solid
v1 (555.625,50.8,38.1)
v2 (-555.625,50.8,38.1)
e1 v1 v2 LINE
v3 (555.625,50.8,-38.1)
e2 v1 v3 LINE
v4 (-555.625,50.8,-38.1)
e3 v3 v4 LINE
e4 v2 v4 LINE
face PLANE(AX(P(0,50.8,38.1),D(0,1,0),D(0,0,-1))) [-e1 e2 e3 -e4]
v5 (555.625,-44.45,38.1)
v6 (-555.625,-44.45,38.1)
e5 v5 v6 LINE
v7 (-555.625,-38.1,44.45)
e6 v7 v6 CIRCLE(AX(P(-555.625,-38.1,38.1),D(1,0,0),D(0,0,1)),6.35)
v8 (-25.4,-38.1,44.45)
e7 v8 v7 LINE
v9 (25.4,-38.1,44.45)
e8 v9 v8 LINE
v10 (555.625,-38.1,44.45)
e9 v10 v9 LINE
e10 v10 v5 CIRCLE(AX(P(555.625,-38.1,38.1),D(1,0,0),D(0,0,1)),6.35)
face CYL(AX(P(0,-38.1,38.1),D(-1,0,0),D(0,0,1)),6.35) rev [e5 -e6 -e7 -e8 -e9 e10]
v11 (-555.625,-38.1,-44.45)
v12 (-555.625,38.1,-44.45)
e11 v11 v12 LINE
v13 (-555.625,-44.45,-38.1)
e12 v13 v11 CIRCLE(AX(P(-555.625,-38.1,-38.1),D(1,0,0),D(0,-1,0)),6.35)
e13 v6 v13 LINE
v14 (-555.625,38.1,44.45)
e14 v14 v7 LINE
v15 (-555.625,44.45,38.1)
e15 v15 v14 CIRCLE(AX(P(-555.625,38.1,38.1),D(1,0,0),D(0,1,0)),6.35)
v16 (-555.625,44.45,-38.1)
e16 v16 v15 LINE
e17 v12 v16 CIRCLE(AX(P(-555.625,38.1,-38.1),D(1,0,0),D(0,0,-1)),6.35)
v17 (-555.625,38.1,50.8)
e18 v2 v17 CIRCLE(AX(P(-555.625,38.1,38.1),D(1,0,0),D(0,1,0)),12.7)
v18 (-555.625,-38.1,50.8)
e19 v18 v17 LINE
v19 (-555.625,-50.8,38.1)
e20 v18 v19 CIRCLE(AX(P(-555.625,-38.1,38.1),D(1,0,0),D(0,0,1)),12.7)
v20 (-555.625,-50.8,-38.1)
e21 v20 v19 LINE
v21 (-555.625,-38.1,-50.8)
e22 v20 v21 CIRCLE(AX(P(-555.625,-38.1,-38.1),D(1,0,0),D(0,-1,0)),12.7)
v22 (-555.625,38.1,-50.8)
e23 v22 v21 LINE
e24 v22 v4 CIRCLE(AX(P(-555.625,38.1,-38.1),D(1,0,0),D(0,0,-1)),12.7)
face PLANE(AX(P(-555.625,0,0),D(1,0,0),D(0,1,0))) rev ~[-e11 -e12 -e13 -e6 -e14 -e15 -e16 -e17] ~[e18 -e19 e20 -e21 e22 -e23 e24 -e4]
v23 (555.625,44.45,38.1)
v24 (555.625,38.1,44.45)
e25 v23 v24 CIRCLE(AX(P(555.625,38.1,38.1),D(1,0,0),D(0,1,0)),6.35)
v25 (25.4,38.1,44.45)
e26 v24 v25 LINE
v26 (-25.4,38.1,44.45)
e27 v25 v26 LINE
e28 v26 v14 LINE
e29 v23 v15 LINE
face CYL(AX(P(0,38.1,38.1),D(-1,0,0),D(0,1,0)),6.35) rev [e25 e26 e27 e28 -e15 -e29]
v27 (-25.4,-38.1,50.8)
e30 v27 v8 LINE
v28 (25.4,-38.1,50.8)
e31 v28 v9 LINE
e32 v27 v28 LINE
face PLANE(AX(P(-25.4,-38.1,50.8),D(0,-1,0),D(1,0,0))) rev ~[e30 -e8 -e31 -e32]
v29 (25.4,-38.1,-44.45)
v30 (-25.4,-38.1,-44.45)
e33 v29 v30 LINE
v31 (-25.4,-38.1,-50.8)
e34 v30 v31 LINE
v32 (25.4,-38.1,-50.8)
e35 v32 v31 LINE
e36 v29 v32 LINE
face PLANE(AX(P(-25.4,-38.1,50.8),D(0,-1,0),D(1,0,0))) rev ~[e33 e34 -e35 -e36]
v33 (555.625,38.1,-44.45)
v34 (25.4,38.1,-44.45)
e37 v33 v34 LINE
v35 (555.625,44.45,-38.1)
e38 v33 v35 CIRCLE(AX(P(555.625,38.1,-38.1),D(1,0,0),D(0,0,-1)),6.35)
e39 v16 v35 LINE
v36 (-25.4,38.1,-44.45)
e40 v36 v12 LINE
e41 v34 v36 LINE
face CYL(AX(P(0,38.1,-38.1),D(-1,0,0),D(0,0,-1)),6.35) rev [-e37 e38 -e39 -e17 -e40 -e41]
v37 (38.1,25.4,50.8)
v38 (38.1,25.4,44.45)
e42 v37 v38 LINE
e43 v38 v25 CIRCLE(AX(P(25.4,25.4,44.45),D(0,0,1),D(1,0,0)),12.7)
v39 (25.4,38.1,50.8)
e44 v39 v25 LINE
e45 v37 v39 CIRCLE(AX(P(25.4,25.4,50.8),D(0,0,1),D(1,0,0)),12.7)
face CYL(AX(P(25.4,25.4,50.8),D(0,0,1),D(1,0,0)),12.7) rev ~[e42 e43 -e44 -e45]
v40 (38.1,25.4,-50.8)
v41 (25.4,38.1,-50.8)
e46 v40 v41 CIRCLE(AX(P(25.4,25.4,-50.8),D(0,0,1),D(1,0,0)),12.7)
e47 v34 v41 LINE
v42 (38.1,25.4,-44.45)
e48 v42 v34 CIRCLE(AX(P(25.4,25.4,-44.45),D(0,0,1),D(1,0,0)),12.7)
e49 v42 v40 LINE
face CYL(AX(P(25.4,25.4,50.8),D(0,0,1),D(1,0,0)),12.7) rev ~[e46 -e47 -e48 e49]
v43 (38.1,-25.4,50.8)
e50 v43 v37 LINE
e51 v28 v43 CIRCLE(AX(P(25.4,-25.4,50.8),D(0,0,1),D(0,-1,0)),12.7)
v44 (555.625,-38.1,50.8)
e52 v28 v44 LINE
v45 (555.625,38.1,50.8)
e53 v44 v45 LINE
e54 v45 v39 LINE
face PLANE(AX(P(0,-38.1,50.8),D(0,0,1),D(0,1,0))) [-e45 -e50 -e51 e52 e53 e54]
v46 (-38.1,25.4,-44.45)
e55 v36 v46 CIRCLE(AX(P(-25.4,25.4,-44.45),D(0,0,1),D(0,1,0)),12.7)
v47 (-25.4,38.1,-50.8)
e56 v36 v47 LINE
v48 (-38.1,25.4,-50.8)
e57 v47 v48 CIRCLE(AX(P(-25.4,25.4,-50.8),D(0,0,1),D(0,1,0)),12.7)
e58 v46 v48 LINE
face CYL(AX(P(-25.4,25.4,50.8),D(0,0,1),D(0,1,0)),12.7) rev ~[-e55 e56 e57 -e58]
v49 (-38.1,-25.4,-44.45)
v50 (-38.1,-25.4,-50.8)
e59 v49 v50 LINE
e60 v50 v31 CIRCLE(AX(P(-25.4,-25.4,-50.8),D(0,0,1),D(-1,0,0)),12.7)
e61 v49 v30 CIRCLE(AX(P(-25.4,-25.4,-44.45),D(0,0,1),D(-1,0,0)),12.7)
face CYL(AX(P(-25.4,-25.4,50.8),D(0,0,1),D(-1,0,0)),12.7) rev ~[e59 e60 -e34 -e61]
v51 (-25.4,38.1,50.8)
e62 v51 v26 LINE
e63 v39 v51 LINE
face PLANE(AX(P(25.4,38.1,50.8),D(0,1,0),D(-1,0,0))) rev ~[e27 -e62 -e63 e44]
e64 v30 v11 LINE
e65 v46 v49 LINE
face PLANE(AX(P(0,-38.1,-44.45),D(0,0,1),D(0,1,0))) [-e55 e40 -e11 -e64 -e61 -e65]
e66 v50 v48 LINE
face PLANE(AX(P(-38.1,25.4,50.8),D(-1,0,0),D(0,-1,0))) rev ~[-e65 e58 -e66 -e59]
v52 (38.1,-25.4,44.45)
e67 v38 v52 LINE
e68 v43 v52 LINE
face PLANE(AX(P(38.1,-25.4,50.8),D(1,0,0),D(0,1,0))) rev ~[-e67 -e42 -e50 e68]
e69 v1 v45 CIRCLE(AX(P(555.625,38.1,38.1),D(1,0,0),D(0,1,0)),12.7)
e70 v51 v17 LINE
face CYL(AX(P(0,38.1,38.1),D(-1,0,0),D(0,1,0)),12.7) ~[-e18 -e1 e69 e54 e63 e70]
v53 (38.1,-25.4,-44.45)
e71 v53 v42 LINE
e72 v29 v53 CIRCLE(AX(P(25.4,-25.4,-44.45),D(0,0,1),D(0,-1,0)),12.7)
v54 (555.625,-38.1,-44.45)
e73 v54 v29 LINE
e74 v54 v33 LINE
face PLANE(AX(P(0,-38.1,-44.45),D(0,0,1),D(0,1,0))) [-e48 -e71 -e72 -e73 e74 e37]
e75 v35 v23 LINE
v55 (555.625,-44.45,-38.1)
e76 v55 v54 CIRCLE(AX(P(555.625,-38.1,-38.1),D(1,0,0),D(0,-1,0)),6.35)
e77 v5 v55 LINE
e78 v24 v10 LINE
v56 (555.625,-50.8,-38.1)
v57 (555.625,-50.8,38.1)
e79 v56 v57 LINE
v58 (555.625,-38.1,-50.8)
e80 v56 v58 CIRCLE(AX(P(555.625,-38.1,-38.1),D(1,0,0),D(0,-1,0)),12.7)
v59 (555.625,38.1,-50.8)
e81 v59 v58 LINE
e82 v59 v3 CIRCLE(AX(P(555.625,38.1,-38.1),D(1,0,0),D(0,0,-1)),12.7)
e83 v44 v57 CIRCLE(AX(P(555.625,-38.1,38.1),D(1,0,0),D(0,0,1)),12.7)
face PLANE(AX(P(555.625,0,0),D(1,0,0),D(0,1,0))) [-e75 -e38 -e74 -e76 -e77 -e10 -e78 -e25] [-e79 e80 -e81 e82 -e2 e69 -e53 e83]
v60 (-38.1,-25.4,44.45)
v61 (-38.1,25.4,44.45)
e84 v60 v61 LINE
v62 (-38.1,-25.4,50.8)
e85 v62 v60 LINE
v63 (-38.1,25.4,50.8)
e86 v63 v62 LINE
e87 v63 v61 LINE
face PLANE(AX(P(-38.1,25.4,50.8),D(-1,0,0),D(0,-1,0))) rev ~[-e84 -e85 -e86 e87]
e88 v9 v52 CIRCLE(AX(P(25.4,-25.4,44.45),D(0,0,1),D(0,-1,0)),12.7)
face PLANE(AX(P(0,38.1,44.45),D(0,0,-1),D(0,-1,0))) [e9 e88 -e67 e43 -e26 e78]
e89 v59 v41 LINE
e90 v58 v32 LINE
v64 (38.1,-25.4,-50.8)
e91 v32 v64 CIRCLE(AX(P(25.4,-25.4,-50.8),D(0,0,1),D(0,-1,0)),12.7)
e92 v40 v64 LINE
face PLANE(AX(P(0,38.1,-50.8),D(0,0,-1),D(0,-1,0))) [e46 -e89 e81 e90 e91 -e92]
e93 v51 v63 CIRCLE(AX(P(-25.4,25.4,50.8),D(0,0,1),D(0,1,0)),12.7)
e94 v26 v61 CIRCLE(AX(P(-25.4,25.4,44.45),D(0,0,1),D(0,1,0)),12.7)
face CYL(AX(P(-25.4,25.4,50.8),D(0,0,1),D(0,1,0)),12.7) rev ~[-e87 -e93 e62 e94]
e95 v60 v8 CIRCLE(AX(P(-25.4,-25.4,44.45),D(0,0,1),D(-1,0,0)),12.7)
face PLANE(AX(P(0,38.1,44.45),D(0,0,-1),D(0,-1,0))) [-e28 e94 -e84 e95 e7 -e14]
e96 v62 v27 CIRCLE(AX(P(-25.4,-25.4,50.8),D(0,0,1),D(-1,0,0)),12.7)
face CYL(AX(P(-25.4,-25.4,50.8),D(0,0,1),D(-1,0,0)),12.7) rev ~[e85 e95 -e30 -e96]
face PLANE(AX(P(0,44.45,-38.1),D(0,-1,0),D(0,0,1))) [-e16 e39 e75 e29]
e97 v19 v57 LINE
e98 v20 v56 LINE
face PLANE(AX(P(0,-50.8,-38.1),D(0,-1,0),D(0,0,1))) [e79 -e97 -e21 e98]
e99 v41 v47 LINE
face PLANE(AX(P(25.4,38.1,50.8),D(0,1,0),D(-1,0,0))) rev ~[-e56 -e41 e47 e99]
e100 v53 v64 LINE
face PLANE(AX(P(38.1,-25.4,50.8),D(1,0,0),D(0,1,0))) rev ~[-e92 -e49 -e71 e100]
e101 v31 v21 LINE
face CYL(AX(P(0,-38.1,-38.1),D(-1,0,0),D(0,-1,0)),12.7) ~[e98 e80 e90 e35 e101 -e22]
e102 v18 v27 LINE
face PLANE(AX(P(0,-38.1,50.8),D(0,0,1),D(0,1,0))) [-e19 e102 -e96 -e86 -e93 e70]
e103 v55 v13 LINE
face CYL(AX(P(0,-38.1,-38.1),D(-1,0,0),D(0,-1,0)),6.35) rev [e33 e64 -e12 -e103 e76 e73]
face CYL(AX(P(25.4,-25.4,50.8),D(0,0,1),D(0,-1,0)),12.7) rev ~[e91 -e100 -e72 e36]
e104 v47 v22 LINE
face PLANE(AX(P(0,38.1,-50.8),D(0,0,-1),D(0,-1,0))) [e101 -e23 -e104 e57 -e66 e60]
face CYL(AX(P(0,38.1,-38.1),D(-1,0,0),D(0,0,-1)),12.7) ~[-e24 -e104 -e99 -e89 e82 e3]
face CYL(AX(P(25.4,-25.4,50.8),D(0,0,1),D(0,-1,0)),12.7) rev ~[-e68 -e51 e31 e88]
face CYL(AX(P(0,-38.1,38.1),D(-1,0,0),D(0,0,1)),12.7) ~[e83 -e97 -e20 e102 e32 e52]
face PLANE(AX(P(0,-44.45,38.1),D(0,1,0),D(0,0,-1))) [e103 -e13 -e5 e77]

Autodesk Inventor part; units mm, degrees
ref_plane "YZ Plane" through (0, 0, 0) normal (1, 0, 0) x (0, 1, 0)
ref_plane "XZ Plane" through (0, 0, 0) normal (0, 1, 0) x (-1, 0, 0)
ref_plane "XY Plane" through (0, 0, 0) normal (0, 0, 1) x (1, 0, 0)
sketch "Sketch5" plane through (0, 0, 0) normal (1, 0, 0) x (0, 1, 0)
  line L0 (-38.1, 50.8) -> (38.1, 50.8)
  line L1 (50.8, 38.1) -> (50.8, -38.1)
  line L2 (38.1, -50.8) -> (-38.1, -50.8)
  line L3 (-50.8, -38.1) -> (-50.8, 38.1)
  line L4 (-50.8, 50.8) -> (50.8, -50.8) construction
  line L5 (50.8, 50.8) -> (-50.8, -50.8) construction
  arc A0 (50.8, 38.1) -> (38.1, 50.8) centre (38.1, 38.1) ccw
  arc A1 (38.1, -50.8) -> (50.8, -38.1) centre (38.1, -38.1) ccw
  arc A2 (-50.8, -38.1) -> (-38.1, -50.8) centre (-38.1, -38.1) ccw
  arc A3 (-38.1, 50.8) -> (-50.8, 38.1) centre (-38.1, 38.1) ccw
  line L6 (44.45, -38.1) -> (44.45, 38.1)
  arc A4 (44.45, 38.1) -> (38.1, 44.45) centre (38.1, 38.1) ccw
  line L7 (38.1, 44.45) -> (-38.1, 44.45)
  arc A5 (-38.1, 44.45) -> (-44.45, 38.1) centre (-38.1, 38.1) ccw
  line L8 (-44.45, 38.1) -> (-44.45, -38.1)
  arc A6 (-44.45, -38.1) -> (-38.1, -44.45) centre (-38.1, -38.1) ccw
  line L9 (-38.1, -44.45) -> (38.1, -44.45)
  arc A7 (38.1, -44.45) -> (44.45, -38.1) centre (38.1, -38.1) ccw
  point P0 (0, 0)
  dimension "d6" = 101.6
  dimension "d7" = 101.6
  dimension "d8" = 12.7
  dimension "d9" = 6.35
extrude "Extrusion4" add sketch "Sketch5" along normal mid plane 1111.25
sketch "Sketch6" plane through (-555.625, -38.1, 50.8) normal (0, 0, 1) x (1, 0, 0)
  line L0 (530.225, 0) -> (581.025, 0)
  line L1 (593.725, 12.7) -> (593.725, 63.5)
  line L2 (581.025, 76.2) -> (530.225, 76.2)
  line L3 (517.525, 63.5) -> (517.525, 12.7)
  line L4 (517.525, 0) -> (593.725, 76.2) construction
  line L5 (593.725, 0) -> (517.525, 76.2) construction
  arc A0 (530.225, 76.2) -> (517.525, 63.5) centre (530.225, 63.5) ccw
  arc A1 (593.725, 63.5) -> (581.025, 76.2) centre (581.025, 63.5) ccw
  arc A2 (517.525, 12.7) -> (530.225, 0) centre (530.225, 12.7) ccw
  arc A3 (581.025, 0) -> (593.725, 12.7) centre (581.025, 12.7) ccw
  point P0 (555.625, 38.1)
  dimension "d12" = 76.2
  dimension "d13" = 76.2
  dimension "d14" = 12.7
extrude "Extrusion5" cut sketch "Sketch6" against normal blind 177.8
properties part number "Model-2_Base Tube-1" material "SS304"
